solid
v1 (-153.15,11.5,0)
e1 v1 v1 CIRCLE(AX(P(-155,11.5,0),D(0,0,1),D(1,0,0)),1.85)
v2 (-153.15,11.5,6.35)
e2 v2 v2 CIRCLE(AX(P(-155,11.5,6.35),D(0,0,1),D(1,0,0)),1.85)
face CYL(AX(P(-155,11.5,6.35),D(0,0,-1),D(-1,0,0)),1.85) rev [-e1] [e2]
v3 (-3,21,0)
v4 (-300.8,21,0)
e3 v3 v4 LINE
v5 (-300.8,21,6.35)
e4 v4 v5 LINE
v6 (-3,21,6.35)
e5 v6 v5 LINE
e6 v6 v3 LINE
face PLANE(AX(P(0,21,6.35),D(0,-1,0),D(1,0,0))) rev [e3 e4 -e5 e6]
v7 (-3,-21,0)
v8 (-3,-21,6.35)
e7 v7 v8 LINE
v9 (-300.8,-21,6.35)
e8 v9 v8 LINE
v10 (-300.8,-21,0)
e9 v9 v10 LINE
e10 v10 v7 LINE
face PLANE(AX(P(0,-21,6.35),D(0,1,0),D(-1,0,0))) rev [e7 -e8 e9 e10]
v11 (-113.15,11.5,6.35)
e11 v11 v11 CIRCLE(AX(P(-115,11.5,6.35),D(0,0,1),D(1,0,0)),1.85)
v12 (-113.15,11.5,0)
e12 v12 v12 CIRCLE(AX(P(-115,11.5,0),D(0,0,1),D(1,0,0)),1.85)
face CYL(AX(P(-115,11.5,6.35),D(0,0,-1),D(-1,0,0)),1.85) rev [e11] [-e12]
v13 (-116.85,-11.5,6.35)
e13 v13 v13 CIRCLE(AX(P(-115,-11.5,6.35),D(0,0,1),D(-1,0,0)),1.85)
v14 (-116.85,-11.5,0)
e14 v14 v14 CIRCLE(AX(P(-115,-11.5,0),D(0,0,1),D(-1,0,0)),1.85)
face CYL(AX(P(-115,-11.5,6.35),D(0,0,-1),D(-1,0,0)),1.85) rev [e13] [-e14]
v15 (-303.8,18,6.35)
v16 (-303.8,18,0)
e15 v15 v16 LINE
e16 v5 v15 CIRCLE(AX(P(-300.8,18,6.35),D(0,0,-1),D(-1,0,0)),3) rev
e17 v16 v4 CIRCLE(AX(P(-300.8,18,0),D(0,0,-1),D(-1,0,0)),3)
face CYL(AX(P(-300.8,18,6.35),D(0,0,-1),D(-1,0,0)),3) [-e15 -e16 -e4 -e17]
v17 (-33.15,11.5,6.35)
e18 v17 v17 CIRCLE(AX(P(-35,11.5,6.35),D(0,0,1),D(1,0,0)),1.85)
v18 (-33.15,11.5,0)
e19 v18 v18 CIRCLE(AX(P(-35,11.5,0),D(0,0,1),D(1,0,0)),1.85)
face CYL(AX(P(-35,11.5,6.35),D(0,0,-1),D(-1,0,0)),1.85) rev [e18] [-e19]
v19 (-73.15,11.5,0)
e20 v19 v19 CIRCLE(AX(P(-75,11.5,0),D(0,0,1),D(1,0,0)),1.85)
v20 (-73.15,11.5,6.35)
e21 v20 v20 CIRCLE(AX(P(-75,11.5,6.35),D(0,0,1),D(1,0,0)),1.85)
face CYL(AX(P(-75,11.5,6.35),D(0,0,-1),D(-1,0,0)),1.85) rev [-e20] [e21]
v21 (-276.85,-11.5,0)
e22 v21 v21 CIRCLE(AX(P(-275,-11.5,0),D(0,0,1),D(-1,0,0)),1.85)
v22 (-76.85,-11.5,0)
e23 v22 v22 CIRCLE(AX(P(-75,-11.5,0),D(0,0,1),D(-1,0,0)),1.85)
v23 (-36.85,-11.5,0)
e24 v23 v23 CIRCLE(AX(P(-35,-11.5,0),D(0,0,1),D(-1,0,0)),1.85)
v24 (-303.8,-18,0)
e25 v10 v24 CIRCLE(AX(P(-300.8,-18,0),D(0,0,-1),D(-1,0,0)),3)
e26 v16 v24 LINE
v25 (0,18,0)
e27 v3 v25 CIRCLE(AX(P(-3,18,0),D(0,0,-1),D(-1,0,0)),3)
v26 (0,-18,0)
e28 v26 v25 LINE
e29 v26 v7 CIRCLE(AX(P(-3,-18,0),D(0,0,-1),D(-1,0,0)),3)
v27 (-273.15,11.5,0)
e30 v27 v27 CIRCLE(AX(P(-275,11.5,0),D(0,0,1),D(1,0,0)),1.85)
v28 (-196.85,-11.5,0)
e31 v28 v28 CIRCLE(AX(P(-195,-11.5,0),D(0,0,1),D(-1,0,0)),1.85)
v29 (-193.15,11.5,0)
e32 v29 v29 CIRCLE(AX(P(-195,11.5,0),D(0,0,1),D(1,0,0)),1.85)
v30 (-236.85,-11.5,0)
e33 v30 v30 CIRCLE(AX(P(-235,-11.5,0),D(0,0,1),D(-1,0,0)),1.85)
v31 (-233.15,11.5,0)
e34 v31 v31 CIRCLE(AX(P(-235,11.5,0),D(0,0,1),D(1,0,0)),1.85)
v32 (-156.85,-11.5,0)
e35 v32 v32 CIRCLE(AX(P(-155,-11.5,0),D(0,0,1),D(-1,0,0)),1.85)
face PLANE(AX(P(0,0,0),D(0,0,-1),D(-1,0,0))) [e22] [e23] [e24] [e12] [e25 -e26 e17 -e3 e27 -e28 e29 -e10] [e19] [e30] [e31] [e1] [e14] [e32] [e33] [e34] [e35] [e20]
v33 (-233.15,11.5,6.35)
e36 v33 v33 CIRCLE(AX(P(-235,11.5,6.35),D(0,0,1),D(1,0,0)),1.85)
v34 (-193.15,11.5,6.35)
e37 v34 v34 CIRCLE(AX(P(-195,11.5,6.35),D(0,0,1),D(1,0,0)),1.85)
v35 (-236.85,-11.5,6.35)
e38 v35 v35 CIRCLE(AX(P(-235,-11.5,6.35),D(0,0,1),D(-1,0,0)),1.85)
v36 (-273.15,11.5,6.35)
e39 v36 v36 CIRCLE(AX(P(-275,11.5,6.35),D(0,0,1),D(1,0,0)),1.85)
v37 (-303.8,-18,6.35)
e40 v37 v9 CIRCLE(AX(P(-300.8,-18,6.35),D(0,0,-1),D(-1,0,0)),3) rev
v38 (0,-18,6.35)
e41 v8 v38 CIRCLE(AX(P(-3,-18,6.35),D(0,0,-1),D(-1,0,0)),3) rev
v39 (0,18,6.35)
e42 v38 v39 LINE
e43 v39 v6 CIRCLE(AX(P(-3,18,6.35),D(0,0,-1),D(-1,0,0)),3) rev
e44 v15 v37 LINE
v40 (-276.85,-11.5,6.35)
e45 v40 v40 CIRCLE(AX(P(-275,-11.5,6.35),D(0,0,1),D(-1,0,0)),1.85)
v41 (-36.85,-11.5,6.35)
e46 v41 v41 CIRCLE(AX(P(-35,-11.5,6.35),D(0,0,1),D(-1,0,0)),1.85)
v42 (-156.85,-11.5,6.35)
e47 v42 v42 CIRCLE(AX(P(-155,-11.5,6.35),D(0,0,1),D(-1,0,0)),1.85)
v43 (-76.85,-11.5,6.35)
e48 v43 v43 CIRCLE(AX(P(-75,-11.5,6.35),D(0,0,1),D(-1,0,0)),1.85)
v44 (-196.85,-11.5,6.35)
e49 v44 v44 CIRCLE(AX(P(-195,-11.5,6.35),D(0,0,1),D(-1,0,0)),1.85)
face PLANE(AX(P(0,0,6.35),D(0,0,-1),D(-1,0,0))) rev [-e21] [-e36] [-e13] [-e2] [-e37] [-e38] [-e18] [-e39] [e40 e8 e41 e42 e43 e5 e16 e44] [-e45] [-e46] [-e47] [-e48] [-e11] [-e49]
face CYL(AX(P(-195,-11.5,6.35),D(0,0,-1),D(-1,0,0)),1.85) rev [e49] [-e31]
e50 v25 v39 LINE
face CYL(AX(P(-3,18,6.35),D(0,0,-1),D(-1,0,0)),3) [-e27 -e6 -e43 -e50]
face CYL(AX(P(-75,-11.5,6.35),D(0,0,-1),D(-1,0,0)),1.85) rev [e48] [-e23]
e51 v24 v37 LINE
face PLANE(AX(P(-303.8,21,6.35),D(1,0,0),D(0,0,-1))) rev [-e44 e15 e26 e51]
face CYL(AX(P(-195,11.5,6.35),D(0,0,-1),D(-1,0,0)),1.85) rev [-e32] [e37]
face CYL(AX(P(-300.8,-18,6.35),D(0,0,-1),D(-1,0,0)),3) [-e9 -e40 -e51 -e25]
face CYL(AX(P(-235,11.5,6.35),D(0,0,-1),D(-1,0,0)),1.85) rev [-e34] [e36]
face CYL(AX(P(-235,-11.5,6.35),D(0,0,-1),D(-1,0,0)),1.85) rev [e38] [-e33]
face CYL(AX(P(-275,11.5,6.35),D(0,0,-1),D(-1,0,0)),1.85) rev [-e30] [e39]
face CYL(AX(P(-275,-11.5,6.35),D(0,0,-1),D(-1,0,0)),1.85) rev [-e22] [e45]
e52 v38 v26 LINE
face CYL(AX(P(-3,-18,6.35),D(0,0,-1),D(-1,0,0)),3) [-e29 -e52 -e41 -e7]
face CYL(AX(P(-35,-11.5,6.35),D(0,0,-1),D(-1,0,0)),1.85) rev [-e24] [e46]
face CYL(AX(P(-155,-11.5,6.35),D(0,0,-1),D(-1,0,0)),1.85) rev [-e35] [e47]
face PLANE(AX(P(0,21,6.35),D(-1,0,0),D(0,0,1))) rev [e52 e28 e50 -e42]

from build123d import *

# Parameters (mm, degrees)
SKETCH1_W           = 303.8
SKETCH1_H           = 42
SKETCH1_R           = 1.85
BOSS_EXTRUDE1_DEPTH = 6.35
FILLET1_R           = 3


with BuildPart() as part:
    # Sketch1 → Boss-Extrude1 (new body)
    with BuildSketch(Plane.XY):
        with Locations((-151.9, 0)):
            Rectangle(SKETCH1_W, SKETCH1_H)
        with Locations((-35, 11.5)):
            Circle(SKETCH1_R, mode=Mode.SUBTRACT)
        with Locations((-75, 11.5)):
            Circle(SKETCH1_R, mode=Mode.SUBTRACT)
        with Locations((-115, 11.5)):
            Circle(SKETCH1_R, mode=Mode.SUBTRACT)
        with Locations((-155, 11.5)):
            Circle(SKETCH1_R, mode=Mode.SUBTRACT)
        with Locations((-195, 11.5)):
            Circle(SKETCH1_R, mode=Mode.SUBTRACT)
        with Locations((-235, 11.5)):
            Circle(SKETCH1_R, mode=Mode.SUBTRACT)
        with Locations((-275, 11.5)):
            Circle(SKETCH1_R, mode=Mode.SUBTRACT)
        with Locations(Location((-275, -11.5, 0), (0, 0, 180))):
            Circle(SKETCH1_R, mode=Mode.SUBTRACT)
        with Locations(Location((-235, -11.5, 0), (0, 0, 180))):
            Circle(SKETCH1_R, mode=Mode.SUBTRACT)
        with Locations(Location((-195, -11.5, 0), (0, 0, 180))):
            Circle(SKETCH1_R, mode=Mode.SUBTRACT)
        with Locations(Location((-155, -11.5, 0), (0, 0, 180))):
            Circle(SKETCH1_R, mode=Mode.SUBTRACT)
        with Locations(Location((-115, -11.5, 0), (0, 0, 180))):
            Circle(SKETCH1_R, mode=Mode.SUBTRACT)
        with Locations(Location((-75, -11.5, 0), (0, 0, 180))):
            Circle(SKETCH1_R, mode=Mode.SUBTRACT)
        with Locations(Location((-35, -11.5, 0), (0, 0, 180))):
            Circle(SKETCH1_R, mode=Mode.SUBTRACT)
    extrude(amount=BOSS_EXTRUDE1_DEPTH)

    # Fillet1
    fillet1_edges = [part.edges().sort_by_distance(p)[0] for p in [
        (0, -21, 3.175),
        (-303.8, -21, 3.175),
        (-303.8, 21, 3.175),
        (0, 21, 3.175),
    ]]
    fillet(fillet1_edges, radius=FILLET1_R)


solid = part.part
